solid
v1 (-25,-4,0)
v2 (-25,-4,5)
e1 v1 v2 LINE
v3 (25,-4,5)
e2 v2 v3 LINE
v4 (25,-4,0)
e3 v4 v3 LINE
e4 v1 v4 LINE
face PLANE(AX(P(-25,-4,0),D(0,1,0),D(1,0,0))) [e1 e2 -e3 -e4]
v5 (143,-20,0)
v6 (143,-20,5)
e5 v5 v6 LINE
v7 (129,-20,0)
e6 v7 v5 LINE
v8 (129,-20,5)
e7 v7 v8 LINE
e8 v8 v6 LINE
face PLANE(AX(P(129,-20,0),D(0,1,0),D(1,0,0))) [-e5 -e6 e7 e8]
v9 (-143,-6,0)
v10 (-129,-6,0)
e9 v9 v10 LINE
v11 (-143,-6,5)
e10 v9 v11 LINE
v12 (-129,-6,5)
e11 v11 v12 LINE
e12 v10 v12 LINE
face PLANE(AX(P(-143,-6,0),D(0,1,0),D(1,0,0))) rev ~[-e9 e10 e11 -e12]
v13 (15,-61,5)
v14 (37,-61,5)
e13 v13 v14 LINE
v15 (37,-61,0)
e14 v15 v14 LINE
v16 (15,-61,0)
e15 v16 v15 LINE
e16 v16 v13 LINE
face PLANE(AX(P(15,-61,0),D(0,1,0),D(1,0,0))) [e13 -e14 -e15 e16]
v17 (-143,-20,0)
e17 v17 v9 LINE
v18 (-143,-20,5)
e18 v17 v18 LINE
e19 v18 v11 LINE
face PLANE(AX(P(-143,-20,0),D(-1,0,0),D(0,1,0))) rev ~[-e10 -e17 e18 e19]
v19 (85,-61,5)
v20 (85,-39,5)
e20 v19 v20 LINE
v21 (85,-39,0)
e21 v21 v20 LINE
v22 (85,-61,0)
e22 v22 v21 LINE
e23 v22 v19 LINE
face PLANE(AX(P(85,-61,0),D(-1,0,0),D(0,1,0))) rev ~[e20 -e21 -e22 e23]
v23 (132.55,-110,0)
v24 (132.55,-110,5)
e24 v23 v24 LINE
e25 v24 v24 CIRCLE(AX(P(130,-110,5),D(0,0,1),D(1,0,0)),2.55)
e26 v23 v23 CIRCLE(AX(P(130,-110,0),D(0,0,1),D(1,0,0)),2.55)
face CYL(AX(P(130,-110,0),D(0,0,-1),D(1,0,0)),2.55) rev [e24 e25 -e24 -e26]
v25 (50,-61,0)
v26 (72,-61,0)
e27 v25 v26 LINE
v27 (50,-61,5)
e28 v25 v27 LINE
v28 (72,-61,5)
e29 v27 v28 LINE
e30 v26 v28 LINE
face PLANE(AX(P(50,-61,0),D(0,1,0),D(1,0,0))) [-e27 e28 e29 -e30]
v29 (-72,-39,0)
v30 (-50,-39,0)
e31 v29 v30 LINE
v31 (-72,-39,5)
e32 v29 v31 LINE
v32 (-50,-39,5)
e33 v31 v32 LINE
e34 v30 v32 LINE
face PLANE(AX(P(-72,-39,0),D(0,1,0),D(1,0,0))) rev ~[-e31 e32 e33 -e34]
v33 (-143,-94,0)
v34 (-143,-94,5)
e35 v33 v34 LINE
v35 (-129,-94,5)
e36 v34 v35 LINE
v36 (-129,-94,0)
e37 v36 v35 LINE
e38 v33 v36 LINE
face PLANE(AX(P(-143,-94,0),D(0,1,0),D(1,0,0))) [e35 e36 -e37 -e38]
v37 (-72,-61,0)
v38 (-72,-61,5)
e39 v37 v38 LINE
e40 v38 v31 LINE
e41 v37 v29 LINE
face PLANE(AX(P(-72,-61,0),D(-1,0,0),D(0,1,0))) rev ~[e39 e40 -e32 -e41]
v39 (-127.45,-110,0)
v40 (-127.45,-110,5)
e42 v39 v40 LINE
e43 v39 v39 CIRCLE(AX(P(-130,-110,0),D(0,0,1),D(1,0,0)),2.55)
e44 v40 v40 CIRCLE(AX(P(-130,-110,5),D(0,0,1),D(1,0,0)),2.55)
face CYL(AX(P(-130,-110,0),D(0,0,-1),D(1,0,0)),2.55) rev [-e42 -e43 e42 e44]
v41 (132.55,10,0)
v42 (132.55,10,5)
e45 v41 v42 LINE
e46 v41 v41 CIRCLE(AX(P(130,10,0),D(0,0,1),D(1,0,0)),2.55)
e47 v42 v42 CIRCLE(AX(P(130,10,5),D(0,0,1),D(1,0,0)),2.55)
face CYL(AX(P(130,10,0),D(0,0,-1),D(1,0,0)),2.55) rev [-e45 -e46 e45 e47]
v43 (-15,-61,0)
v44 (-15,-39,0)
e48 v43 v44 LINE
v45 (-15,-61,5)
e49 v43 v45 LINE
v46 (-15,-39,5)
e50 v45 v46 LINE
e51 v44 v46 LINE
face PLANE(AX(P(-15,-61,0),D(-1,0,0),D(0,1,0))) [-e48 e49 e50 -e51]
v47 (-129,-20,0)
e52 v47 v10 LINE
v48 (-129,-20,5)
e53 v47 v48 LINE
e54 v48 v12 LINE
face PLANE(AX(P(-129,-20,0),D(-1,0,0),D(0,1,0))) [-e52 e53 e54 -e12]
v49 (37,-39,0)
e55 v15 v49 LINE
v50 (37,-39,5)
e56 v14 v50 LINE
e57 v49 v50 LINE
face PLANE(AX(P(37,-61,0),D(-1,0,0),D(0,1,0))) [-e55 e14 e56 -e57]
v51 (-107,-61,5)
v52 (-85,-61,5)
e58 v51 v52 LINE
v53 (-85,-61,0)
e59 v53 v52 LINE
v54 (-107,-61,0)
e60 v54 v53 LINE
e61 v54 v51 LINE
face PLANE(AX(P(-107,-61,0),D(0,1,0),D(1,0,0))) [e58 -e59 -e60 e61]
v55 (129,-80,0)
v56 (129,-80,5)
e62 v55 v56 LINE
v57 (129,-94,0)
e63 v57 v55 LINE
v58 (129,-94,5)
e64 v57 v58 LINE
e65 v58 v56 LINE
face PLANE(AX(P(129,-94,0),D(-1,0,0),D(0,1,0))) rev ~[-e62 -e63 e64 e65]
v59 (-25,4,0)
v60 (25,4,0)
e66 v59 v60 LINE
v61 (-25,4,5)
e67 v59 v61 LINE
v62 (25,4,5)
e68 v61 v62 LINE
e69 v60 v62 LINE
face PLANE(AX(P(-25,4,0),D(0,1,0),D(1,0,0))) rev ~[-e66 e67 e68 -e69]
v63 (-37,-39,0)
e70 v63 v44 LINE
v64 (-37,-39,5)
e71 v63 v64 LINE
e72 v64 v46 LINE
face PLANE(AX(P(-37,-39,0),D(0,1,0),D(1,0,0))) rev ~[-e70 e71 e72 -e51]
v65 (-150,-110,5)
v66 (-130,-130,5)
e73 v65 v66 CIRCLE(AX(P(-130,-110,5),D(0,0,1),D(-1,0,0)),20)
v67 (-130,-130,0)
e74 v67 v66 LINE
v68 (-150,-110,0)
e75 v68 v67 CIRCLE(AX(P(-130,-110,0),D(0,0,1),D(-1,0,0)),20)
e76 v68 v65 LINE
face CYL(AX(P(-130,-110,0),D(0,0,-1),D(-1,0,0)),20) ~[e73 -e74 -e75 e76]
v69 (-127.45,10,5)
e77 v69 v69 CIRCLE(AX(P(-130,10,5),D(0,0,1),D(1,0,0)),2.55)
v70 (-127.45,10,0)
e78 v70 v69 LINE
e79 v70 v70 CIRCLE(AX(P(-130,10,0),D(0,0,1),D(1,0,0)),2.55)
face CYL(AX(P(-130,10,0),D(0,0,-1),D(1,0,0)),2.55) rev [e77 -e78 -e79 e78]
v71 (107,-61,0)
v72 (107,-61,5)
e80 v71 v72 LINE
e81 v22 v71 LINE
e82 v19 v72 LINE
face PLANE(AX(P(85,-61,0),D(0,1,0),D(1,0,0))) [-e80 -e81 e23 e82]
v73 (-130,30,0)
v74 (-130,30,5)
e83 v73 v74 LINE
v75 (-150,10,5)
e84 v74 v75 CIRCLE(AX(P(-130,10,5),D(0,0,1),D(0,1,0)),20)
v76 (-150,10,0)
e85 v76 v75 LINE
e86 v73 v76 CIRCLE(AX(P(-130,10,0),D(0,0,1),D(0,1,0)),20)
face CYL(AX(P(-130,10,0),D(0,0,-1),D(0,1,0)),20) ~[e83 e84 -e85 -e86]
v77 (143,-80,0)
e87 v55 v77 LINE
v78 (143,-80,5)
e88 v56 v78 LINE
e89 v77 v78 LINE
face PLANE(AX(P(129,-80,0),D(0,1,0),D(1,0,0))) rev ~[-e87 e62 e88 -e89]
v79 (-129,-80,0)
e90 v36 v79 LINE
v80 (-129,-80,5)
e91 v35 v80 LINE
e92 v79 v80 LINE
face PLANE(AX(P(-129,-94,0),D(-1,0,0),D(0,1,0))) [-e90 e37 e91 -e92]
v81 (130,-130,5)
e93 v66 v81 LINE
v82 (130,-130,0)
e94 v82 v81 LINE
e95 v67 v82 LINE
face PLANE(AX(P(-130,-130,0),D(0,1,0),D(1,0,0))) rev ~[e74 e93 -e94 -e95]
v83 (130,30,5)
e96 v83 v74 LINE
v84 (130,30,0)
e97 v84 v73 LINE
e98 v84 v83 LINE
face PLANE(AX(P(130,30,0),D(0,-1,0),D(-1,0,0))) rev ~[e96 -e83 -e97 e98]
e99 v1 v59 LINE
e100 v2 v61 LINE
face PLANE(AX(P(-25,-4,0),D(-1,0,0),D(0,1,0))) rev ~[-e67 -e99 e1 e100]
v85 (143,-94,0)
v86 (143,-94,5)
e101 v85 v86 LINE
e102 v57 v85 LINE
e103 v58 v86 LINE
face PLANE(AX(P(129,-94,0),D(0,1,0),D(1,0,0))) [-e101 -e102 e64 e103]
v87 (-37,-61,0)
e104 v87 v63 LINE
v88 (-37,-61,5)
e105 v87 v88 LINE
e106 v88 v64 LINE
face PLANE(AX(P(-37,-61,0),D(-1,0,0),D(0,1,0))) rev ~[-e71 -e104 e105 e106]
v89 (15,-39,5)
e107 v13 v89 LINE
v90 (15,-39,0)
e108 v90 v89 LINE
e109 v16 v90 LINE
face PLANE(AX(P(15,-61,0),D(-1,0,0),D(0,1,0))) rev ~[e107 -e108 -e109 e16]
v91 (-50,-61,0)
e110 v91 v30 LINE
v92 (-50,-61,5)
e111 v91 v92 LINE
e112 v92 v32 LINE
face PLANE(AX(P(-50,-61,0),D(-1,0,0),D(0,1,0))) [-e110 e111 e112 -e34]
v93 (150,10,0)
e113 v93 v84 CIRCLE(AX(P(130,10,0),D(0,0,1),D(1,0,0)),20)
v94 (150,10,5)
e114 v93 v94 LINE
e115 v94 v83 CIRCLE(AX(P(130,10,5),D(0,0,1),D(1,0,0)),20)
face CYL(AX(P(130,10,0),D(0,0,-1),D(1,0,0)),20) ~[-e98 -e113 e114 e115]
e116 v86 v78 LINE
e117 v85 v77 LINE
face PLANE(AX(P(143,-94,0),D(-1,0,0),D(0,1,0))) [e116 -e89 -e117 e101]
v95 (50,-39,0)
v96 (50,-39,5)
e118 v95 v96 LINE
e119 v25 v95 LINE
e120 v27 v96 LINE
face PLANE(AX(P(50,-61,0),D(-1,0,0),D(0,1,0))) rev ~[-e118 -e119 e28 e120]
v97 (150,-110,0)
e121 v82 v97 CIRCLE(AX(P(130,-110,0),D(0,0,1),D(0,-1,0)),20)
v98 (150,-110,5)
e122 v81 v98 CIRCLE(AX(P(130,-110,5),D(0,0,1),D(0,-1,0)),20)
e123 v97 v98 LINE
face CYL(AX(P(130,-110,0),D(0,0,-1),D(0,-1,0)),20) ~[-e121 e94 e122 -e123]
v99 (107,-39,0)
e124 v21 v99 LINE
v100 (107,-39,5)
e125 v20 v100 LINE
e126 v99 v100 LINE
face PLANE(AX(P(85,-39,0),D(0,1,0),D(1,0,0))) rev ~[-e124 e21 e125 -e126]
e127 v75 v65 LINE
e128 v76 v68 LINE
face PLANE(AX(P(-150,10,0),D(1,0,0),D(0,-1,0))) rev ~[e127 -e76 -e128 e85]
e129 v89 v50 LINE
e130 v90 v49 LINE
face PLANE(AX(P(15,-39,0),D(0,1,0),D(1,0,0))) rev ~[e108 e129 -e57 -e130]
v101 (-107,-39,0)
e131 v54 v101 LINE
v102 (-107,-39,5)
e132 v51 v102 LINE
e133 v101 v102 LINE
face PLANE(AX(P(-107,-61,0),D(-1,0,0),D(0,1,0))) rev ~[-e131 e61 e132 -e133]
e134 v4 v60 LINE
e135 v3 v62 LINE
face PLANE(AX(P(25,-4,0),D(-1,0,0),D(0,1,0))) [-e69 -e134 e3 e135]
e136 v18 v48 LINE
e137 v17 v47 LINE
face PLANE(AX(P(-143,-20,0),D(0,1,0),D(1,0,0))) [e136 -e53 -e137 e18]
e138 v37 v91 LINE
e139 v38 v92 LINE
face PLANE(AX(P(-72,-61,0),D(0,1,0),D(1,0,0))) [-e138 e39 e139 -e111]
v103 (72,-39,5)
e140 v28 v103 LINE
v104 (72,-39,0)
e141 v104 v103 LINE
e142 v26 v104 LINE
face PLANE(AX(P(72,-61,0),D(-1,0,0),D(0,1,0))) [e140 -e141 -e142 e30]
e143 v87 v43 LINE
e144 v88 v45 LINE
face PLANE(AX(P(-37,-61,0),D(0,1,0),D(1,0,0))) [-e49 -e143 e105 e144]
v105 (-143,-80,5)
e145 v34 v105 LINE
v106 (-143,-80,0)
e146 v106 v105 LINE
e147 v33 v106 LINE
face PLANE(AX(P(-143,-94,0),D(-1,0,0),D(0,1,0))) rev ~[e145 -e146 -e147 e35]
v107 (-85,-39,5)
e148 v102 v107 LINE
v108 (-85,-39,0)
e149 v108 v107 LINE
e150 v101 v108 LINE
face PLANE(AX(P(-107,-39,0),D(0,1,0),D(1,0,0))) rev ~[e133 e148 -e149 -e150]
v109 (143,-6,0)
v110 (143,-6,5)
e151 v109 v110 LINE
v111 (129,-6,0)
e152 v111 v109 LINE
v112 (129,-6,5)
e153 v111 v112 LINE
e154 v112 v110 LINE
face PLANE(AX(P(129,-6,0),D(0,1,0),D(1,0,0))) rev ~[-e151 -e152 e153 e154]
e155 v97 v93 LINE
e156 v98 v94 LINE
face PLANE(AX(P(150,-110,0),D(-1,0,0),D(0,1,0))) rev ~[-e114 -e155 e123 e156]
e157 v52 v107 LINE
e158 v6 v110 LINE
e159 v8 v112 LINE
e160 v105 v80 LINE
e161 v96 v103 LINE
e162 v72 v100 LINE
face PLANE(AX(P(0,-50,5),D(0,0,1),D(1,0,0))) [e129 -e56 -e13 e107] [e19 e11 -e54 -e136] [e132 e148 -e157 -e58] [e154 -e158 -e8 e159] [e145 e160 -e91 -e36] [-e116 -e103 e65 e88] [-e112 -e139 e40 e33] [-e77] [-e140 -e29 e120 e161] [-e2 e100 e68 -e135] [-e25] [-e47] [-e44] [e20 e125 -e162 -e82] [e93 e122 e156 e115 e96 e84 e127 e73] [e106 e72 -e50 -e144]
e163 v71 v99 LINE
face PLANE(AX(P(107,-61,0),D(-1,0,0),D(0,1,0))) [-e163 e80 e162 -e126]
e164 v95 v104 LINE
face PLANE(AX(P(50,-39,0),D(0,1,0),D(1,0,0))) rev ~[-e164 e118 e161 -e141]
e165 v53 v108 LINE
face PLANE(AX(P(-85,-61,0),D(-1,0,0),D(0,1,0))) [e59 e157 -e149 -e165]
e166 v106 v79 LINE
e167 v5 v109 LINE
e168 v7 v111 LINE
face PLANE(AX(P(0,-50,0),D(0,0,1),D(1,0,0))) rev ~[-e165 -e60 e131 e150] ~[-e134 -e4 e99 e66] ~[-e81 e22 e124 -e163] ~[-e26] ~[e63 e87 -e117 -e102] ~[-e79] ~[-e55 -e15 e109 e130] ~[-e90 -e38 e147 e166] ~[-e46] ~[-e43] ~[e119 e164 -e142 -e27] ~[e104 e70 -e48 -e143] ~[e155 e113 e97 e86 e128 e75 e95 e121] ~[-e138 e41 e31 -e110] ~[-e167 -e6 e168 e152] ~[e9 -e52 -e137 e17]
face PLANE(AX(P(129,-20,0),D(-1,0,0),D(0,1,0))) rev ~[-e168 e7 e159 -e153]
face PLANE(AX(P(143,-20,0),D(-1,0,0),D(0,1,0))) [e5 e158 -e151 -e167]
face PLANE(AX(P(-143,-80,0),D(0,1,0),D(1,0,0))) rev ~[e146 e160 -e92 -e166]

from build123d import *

# Parameters (mm, degrees)
SKETCH_2_R      = 2.55
SKETCH_2_W      = 22
SKETCH_2_H      = 22
SKETCH_2_W_2    = 14
SKETCH_2_H_2    = 14
SKETCH_2_W_3    = 50
SKETCH_2_H_3    = 8
EXTRUDE_1_DEPTH = 5


with BuildPart() as part:
    # 草图2 → 凸台-拉伸1 (new body)
    with BuildSketch(Plane.XY):
        with BuildLine():
            Line((-130, -130), (130, -130))
            ThreePointArc((130, -130), (144.142135624, -124.142135624), (150, -110))
            Line((150, -110), (150, 10))
            ThreePointArc((150, 10), (144.142135624, 24.142135624), (130, 30))
            Line((130, 30), (-130, 30))
            ThreePointArc((-130, 30), (-144.142135624, 24.142135624), (-150, 10))
            Line((-150, 10), (-150, -110))
            ThreePointArc((-150, -110), (-144.142135624, -124.142135624), (-130, -130))
        make_face()
        with Locations((130, -110)):
            Circle(SKETCH_2_R, mode=Mode.SUBTRACT)
        with Locations((130, 10)):
            Circle(SKETCH_2_R, mode=Mode.SUBTRACT)
        with Locations((-130, -110)):
            Circle(SKETCH_2_R, mode=Mode.SUBTRACT)
        with Locations((-130, 10)):
            Circle(SKETCH_2_R, mode=Mode.SUBTRACT)
        with Locations((-61, -50)):
            Rectangle(SKETCH_2_W, SKETCH_2_H, mode=Mode.SUBTRACT)
        with Locations((-26, -50)):
            Rectangle(SKETCH_2_W, SKETCH_2_H, mode=Mode.SUBTRACT)
        with Locations((26, -50)):
            Rectangle(SKETCH_2_W, SKETCH_2_H, mode=Mode.SUBTRACT)
        with Locations((136, -87)):
            Rectangle(SKETCH_2_W_2, SKETCH_2_H_2, mode=Mode.SUBTRACT)
        with Locations((136, -13)):
            Rectangle(SKETCH_2_W_2, SKETCH_2_H_2, mode=Mode.SUBTRACT)
        Rectangle(SKETCH_2_W_3, SKETCH_2_H_3, mode=Mode.SUBTRACT)
        with Locations((-136, -87)):
            Rectangle(SKETCH_2_W_2, SKETCH_2_H_2, mode=Mode.SUBTRACT)
        with Locations((-136, -13)):
            Rectangle(SKETCH_2_W_2, SKETCH_2_H_2, mode=Mode.SUBTRACT)
        with Locations((-96, -50)):
            Rectangle(SKETCH_2_W, SKETCH_2_H, mode=Mode.SUBTRACT)
        with Locations((61, -50)):
            Rectangle(SKETCH_2_W, SKETCH_2_H, mode=Mode.SUBTRACT)
        with Locations((96, -50)):
            Rectangle(SKETCH_2_W, SKETCH_2_H, mode=Mode.SUBTRACT)
    extrude(amount=EXTRUDE_1_DEPTH)


solid = part.part
